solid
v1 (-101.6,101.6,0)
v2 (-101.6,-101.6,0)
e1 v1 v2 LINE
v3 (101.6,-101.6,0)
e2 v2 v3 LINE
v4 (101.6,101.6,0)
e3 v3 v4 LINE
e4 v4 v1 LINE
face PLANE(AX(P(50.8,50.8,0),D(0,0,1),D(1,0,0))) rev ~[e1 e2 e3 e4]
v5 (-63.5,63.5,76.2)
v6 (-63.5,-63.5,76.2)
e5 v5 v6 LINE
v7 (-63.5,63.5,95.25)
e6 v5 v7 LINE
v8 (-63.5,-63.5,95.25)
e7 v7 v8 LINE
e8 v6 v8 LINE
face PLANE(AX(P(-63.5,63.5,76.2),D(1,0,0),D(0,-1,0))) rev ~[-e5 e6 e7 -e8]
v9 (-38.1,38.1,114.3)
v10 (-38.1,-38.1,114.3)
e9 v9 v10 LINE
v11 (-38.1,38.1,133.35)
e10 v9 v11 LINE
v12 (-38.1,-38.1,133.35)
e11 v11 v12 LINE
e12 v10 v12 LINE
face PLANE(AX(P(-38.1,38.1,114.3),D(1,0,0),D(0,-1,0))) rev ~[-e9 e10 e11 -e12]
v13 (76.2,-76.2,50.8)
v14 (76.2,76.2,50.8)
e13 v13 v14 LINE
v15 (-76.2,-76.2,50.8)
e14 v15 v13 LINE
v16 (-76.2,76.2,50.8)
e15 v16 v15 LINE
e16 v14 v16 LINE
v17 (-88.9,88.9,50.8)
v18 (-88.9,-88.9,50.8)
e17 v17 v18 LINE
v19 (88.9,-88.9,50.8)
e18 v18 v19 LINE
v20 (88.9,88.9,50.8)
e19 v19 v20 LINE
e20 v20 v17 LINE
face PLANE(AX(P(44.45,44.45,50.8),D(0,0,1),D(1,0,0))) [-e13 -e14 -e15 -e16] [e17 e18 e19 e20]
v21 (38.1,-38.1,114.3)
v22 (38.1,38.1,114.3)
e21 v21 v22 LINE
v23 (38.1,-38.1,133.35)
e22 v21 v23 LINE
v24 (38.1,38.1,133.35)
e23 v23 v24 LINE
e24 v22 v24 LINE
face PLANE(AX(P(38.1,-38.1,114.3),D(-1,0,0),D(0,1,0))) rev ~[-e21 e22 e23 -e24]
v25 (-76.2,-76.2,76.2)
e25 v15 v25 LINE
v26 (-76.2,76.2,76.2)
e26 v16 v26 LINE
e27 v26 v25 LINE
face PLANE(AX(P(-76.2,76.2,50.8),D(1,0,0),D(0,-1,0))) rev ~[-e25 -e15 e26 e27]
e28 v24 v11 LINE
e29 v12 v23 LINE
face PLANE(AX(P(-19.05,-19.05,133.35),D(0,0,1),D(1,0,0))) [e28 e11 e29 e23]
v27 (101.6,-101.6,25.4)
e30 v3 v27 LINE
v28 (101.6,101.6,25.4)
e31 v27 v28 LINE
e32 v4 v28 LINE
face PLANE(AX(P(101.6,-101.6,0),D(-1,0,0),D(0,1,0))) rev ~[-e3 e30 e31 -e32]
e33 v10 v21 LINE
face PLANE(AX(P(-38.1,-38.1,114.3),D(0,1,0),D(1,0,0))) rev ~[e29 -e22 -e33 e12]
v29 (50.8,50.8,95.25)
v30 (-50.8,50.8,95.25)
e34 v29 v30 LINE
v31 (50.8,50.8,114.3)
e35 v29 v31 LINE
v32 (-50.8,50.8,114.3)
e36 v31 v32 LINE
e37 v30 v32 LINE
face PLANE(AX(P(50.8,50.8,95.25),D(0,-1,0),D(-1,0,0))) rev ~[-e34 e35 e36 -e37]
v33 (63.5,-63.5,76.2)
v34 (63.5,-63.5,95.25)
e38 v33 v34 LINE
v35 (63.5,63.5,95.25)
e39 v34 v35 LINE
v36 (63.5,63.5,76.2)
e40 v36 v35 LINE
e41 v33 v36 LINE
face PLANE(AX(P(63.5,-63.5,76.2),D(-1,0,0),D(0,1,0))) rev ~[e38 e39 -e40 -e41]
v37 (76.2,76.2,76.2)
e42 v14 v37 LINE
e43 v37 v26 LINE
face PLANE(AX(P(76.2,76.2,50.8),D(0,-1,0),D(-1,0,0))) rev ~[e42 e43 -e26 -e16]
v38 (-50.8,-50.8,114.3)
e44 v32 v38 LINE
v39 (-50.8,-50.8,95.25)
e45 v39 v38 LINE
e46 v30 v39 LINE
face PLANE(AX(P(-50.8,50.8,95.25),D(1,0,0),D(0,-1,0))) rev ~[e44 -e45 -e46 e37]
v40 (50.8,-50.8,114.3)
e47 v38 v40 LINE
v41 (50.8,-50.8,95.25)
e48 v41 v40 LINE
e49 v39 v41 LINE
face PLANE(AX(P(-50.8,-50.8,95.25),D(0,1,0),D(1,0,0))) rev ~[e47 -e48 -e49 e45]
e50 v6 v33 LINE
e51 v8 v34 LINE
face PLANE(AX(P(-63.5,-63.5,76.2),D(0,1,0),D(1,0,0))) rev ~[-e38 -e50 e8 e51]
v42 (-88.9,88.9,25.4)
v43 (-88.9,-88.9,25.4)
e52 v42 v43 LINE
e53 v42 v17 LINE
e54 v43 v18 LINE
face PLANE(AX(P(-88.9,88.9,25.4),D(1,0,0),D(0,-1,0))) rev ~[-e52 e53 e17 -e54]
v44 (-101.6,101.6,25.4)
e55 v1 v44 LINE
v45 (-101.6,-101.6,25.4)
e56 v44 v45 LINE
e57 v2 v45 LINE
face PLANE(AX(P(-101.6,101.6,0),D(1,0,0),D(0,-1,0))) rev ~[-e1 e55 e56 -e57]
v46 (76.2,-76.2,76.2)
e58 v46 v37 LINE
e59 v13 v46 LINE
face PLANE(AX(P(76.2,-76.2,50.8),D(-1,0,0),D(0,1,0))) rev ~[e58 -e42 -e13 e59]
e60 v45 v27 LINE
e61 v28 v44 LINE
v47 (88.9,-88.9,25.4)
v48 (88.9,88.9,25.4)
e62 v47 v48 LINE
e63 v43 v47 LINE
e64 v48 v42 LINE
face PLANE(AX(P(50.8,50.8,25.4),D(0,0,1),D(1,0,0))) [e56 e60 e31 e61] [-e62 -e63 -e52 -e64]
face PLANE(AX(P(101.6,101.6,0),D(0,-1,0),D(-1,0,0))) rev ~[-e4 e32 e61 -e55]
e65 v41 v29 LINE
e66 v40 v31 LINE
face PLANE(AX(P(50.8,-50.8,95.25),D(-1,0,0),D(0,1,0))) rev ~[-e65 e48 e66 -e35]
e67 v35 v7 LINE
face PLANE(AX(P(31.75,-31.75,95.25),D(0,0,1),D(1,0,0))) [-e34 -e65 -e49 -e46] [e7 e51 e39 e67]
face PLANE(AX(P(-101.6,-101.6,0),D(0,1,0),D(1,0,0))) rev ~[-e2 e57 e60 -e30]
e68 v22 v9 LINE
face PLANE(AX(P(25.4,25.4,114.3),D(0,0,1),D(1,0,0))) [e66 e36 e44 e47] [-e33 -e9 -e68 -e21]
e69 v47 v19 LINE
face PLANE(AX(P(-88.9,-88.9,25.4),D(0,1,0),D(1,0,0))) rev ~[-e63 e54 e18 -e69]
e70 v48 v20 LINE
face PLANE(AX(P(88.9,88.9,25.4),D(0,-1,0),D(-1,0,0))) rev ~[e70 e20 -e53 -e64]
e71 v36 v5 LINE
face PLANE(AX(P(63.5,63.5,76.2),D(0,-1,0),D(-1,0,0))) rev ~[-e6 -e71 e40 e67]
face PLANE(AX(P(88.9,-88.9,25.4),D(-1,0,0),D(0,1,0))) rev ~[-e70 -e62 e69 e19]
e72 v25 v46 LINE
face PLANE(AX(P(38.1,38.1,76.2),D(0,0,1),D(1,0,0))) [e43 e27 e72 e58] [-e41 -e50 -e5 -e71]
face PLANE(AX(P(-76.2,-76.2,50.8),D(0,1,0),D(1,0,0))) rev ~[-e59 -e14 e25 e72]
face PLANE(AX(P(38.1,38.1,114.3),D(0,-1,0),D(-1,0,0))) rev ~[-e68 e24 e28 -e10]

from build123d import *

# Parameters (mm, degrees)
F0_W      = 101.6
F0_H      = 101.6
F1_DEPTH  = 25.4
F2_W      = 88.9
F2_H      = 88.9
F3_DEPTH  = 25.4
F4_W      = 76.2
F4_H      = 76.2
F5_DEPTH  = 25.4
F6_W      = 63.5
F6_H      = 63.5
F7_DEPTH  = 19.05
F8_W      = 50.8
F8_H      = 50.8
F9_DEPTH  = 19.05
F10_W     = 38.1
F10_H     = 38.1
F11_DEPTH = 19.05


with BuildPart() as f1:
    # F0 (on Top) → F1 (new body)
    with BuildSketch(Plane.XY):
        with Locations((50.8, 50.8)):
            Rectangle(F0_W, F0_H)
        with Locations((-50.8, 50.8)):
            Rectangle(F0_W, F0_H)
        with Locations((-50.8, -50.8)):
            Rectangle(F0_W, F0_H)
        with Locations((50.8, -50.8)):
            Rectangle(F0_W, F0_H)
    extrude(amount=F1_DEPTH)

    # F2 (on face) → F3 (join)
    with BuildSketch(Plane.XY.offset(25.4)):
        with Locations((44.45, 44.45)):
            Rectangle(F2_W, F2_H)
        with Locations((44.45, -44.45)):
            Rectangle(F2_W, F2_H)
        with Locations((-44.45, -44.45)):
            Rectangle(F2_W, F2_H)
        with Locations((-44.45, 44.45)):
            Rectangle(F2_W, F2_H)
    extrude(amount=F3_DEPTH)

    # F4 (on face) → F5 (join)
    with BuildSketch(Plane.XY.offset(50.8)):
        with Locations((38.1, 38.1)):
            Rectangle(F4_W, F4_H)
        with Locations((38.1, -38.1)):
            Rectangle(F4_W, F4_H)
        with Locations((-38.1, -38.1)):
            Rectangle(F4_W, F4_H)
        with Locations((-38.1, 38.1)):
            Rectangle(F4_W, F4_H)
    extrude(amount=F5_DEPTH)

    # F6 (on face) → F7 (join)
    with BuildSketch(Plane.XY.offset(76.2)):
        with Locations((31.75, -31.75)):
            Rectangle(F6_W, F6_H)
        with Locations((-31.75, -31.75)):
            Rectangle(F6_W, F6_H)
        with Locations((31.75, 31.75)):
            Rectangle(F6_W, F6_H)
        with Locations((-31.75, 31.75)):
            Rectangle(F6_W, F6_H)
    extrude(amount=F7_DEPTH)

    # F8 (on face) → F9 (join)
    with BuildSketch(Plane.XY.offset(95.25)):
        with Locations((25.4, 25.4)):
            Rectangle(F8_W, F8_H)
        with Locations((25.4, -25.4)):
            Rectangle(F8_W, F8_H)
        with Locations((-25.4, -25.4)):
            Rectangle(F8_W, F8_H)
        with Locations((-25.4, 25.4)):
            Rectangle(F8_W, F8_H)
    extrude(amount=F9_DEPTH)

    # F10 (on face) → F11 (join)
    with BuildSketch(Plane.XY.offset(114.3)):
        with Locations((-19.05, -19.05)):
            Rectangle(F10_W, F10_H)
        with Locations((19.05, -19.05)):
            Rectangle(F10_W, F10_H)
        with Locations((19.05, 19.05)):
            Rectangle(F10_W, F10_H)
        with Locations((-19.05, 19.05)):
            Rectangle(F10_W, F10_H)
    extrude(amount=F11_DEPTH)


solid = f1.part
